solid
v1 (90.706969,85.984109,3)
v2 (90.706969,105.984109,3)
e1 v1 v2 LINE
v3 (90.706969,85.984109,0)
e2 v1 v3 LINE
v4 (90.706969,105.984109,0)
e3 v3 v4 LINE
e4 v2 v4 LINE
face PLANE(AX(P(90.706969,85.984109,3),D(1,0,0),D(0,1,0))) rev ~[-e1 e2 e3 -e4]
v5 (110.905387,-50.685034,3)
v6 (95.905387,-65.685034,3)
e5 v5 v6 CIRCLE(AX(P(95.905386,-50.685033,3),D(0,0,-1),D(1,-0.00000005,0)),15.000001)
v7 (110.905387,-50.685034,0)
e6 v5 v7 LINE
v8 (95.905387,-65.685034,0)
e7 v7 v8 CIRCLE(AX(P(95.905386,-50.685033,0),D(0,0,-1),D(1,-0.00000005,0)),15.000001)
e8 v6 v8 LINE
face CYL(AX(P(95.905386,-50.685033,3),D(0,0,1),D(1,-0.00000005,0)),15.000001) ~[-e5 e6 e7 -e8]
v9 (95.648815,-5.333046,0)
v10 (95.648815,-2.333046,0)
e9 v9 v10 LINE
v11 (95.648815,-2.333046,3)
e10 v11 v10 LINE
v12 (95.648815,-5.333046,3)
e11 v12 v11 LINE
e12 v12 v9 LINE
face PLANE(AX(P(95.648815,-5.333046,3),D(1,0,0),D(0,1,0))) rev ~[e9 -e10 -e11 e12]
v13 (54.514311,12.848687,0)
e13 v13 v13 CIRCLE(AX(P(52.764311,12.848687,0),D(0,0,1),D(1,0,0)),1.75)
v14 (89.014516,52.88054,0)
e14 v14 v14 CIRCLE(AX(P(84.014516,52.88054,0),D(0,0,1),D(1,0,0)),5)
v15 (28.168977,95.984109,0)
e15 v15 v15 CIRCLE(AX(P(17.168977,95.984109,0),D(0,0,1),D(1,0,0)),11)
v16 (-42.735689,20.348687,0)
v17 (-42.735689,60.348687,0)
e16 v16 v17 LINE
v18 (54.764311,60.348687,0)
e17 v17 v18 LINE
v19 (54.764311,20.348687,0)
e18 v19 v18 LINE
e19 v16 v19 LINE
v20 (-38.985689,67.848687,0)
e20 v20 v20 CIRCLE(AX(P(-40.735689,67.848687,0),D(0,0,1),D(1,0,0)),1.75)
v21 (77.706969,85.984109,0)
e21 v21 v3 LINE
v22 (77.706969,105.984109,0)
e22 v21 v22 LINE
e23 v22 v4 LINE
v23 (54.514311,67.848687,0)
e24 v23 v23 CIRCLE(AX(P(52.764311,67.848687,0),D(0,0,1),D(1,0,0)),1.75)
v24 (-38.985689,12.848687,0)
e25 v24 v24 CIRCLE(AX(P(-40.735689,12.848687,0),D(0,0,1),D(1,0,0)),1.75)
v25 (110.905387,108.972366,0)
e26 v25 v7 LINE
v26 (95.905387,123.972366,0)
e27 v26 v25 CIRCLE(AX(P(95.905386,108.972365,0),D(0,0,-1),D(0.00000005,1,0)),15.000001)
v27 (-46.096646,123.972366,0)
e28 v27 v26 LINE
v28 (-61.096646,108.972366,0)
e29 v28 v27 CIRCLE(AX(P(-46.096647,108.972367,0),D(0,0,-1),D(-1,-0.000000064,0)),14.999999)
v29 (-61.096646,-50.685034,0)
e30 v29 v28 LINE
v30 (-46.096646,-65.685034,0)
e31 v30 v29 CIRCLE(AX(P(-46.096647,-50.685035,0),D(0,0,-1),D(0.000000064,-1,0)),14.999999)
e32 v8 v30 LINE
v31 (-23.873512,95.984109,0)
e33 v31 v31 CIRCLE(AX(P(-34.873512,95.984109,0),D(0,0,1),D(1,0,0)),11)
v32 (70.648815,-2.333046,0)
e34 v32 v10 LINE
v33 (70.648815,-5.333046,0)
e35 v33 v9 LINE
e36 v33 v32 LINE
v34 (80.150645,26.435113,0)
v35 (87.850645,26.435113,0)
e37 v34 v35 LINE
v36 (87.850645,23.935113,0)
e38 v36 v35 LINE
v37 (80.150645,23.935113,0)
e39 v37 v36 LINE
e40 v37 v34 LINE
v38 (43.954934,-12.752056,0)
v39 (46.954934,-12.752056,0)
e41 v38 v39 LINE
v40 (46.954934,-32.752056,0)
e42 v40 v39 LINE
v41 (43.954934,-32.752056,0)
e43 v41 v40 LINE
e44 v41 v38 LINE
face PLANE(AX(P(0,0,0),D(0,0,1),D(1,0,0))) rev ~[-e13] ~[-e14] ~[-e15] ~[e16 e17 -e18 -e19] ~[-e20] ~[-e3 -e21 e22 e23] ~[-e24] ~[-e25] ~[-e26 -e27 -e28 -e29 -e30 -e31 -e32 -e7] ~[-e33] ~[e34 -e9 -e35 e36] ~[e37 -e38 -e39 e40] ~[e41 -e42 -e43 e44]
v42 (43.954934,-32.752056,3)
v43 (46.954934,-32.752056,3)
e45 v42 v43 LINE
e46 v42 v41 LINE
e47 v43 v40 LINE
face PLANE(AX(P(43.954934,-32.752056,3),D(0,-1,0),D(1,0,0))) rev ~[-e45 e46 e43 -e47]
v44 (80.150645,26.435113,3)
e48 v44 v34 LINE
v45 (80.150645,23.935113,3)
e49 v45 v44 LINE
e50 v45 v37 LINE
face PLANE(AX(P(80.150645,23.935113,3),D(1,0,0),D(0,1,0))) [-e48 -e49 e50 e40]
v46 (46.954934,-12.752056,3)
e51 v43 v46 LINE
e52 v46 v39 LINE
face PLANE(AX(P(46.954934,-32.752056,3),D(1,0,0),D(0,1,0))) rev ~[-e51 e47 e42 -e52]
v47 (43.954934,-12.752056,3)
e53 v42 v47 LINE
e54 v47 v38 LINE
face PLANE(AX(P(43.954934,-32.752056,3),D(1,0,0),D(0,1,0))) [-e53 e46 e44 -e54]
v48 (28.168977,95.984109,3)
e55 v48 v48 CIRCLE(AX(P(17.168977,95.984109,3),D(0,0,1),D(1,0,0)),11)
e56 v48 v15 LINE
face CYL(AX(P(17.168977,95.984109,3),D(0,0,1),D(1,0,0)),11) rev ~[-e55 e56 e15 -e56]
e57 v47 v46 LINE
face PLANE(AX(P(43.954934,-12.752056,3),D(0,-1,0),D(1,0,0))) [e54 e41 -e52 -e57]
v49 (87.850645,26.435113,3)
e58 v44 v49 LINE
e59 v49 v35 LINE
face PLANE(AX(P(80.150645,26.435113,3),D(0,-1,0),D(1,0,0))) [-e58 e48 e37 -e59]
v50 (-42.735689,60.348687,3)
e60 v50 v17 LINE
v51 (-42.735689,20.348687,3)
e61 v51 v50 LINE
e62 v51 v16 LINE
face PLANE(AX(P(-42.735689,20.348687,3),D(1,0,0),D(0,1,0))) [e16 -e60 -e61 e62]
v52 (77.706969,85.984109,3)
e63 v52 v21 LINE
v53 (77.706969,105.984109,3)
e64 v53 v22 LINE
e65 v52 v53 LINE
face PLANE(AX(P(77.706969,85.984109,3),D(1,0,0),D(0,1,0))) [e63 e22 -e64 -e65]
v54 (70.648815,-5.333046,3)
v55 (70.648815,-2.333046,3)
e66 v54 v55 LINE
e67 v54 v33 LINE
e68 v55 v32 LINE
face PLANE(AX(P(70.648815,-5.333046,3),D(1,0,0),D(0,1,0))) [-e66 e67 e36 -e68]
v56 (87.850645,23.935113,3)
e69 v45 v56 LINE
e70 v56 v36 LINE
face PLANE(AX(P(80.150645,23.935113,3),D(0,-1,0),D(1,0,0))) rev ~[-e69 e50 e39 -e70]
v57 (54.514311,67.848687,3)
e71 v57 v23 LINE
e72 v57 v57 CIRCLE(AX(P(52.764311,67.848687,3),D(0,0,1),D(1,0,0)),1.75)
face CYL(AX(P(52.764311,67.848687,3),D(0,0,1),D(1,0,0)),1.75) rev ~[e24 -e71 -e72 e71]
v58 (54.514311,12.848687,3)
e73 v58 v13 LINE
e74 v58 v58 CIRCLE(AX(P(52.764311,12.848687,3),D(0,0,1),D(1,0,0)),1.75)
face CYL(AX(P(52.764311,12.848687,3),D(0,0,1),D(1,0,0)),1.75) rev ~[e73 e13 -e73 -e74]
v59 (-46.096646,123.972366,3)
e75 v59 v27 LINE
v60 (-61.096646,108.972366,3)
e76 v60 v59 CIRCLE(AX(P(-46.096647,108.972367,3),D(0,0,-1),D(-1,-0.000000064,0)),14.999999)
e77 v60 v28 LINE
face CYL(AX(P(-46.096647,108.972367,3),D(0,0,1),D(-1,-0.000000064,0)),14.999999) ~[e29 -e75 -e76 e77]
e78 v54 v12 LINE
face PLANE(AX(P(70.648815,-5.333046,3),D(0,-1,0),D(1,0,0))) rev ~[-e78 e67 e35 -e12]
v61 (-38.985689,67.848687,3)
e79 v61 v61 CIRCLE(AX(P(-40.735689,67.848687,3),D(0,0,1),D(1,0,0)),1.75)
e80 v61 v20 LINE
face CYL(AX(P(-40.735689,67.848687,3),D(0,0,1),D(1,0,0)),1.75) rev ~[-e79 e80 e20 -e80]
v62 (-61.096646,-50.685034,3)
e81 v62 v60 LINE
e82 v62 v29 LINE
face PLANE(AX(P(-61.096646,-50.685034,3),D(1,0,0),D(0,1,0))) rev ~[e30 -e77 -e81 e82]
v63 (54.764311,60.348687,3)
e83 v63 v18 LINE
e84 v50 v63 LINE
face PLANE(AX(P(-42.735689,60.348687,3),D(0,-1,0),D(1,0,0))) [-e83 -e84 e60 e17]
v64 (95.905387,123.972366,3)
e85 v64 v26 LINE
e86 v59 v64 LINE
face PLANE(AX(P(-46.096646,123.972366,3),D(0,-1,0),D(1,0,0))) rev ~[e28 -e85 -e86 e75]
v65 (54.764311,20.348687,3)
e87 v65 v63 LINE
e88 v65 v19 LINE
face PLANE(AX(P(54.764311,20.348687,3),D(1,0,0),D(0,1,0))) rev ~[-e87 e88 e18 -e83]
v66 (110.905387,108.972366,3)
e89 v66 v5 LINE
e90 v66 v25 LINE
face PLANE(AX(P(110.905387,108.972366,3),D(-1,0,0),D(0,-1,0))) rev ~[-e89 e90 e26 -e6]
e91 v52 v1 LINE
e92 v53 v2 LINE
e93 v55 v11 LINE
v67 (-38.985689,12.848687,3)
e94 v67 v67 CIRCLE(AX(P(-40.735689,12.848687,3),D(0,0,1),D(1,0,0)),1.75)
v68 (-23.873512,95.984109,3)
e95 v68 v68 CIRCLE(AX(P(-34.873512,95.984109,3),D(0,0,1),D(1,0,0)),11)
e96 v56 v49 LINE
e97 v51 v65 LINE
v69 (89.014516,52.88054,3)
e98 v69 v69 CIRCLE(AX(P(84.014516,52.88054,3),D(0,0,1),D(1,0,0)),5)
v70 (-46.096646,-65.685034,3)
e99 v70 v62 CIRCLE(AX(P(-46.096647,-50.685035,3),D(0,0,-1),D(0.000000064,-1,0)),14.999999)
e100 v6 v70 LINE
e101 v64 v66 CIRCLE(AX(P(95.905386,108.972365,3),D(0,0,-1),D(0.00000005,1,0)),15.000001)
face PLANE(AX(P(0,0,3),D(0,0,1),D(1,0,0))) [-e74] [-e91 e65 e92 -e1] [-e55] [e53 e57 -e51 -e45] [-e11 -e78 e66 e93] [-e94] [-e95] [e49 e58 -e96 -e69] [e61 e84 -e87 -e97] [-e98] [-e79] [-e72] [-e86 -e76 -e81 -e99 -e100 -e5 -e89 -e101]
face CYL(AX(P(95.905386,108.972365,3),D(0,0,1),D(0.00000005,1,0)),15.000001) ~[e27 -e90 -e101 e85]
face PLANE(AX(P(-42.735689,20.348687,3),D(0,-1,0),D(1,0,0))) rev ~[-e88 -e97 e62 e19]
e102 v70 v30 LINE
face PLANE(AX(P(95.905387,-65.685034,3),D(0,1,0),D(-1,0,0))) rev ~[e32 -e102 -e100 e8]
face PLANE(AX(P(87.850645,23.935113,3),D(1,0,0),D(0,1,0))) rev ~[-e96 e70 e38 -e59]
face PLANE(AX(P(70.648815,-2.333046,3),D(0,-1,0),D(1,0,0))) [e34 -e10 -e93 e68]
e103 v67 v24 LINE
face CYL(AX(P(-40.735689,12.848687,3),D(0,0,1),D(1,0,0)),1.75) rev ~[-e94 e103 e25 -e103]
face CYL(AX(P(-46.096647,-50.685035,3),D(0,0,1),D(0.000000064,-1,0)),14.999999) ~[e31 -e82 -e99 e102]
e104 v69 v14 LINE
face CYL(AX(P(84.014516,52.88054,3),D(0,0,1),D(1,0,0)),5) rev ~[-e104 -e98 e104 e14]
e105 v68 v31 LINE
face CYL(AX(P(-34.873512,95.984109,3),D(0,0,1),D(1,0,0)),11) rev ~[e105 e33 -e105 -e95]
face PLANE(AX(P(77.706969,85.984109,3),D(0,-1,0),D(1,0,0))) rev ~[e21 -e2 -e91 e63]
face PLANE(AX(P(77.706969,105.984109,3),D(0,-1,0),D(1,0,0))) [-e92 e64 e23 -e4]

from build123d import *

# Parameters (mm, degrees)
F0_W     = 249
F0_H     = 271
F0_W_2   = 227
F0_H_2   = 249
F1_DEPTH = 3
F2_W     = 97.5
F2_H     = 40
F2_R     = 11
F2_R_2   = 1.75
F2_W_2   = 3
F2_H_2   = 20
F2_W_3   = 13
F2_W_4   = 25
F2_H_3   = 3
F2_R_3   = 5
F2_W_5   = 7.7
F2_H_4   = 2.5
F3_DEPTH = 25
F4_W     = 249
F4_H     = 271
F5_DEPTH = 3


with BuildPart() as f1:
    # F0 (on Top) → F1 (new body)
    with BuildSketch(Plane.XY):
        Rectangle(F0_W, F0_H)
        Rectangle(F0_W_2, F0_H_2, mode=Mode.SUBTRACT)
        Rectangle(F0_W_2, F0_H_2)
    extrude(amount=F1_DEPTH)

    # F2 (on face) → F3 (cut)
    with BuildSketch(Plane.XY.offset(3)):
        with Locations((6.014311, 40.348687)):
            Rectangle(F2_W, F2_H)
        with Locations((-34.873512, 95.984109)):
            Circle(F2_R)
        with Locations((17.168977, 95.984109)):
            Circle(F2_R)
        with Locations((-40.735689, 67.848687)):
            Circle(F2_R_2)
        with Locations((52.764311, 67.848687)):
            Circle(F2_R_2)
        with Locations((52.764311, 12.848687)):
            Circle(F2_R_2)
        with Locations((-40.735689, 12.848687)):
            Circle(F2_R_2)
        with Locations((45.454934, -22.752056)):
            Rectangle(F2_W_2, F2_H_2)
        with Locations((84.206969, 95.984109)):
            Rectangle(F2_W_3, F2_H_2)
        with Locations((83.148815, -3.833046)):
            Rectangle(F2_W_4, F2_H_3)
        with Locations((84.014516, 52.88054)):
            Circle(F2_R_3)
        with Locations((84.000645, 25.185113)):
            Rectangle(F2_W_5, F2_H_4)
    extrude(amount=-F3_DEPTH, mode=Mode.SUBTRACT)

    # F4 (on face) → F5 (cut, through all)
    with BuildSketch(Plane.XY.offset(3)):
        Rectangle(F4_W, F4_H)
        with BuildLine():
            ThreePointArc((-61.096646, 108.972366), (-56.703248, 119.578968), (-46.096646, 123.972366))
            Line((-46.096646, 123.972366), (95.905387, 123.972366))
            ThreePointArc((95.905387, 123.972366), (106.511988, 119.578968), (110.905387, 108.972366))
            Line((110.905387, 108.972366), (110.905387, -50.685034))
            ThreePointArc((110.905387, -50.685034), (106.511988, -61.291636), (95.905387, -65.685034))
            Line((95.905387, -65.685034), (-46.096646, -65.685034))
            ThreePointArc((-46.096646, -65.685034), (-56.703248, -61.291636), (-61.096646, -50.685034))
            Line((-61.096646, -50.685034), (-61.096646, 108.972366))
        make_face(mode=Mode.SUBTRACT)
    extrude(amount=-F5_DEPTH, mode=Mode.SUBTRACT)


solid = f1.part
